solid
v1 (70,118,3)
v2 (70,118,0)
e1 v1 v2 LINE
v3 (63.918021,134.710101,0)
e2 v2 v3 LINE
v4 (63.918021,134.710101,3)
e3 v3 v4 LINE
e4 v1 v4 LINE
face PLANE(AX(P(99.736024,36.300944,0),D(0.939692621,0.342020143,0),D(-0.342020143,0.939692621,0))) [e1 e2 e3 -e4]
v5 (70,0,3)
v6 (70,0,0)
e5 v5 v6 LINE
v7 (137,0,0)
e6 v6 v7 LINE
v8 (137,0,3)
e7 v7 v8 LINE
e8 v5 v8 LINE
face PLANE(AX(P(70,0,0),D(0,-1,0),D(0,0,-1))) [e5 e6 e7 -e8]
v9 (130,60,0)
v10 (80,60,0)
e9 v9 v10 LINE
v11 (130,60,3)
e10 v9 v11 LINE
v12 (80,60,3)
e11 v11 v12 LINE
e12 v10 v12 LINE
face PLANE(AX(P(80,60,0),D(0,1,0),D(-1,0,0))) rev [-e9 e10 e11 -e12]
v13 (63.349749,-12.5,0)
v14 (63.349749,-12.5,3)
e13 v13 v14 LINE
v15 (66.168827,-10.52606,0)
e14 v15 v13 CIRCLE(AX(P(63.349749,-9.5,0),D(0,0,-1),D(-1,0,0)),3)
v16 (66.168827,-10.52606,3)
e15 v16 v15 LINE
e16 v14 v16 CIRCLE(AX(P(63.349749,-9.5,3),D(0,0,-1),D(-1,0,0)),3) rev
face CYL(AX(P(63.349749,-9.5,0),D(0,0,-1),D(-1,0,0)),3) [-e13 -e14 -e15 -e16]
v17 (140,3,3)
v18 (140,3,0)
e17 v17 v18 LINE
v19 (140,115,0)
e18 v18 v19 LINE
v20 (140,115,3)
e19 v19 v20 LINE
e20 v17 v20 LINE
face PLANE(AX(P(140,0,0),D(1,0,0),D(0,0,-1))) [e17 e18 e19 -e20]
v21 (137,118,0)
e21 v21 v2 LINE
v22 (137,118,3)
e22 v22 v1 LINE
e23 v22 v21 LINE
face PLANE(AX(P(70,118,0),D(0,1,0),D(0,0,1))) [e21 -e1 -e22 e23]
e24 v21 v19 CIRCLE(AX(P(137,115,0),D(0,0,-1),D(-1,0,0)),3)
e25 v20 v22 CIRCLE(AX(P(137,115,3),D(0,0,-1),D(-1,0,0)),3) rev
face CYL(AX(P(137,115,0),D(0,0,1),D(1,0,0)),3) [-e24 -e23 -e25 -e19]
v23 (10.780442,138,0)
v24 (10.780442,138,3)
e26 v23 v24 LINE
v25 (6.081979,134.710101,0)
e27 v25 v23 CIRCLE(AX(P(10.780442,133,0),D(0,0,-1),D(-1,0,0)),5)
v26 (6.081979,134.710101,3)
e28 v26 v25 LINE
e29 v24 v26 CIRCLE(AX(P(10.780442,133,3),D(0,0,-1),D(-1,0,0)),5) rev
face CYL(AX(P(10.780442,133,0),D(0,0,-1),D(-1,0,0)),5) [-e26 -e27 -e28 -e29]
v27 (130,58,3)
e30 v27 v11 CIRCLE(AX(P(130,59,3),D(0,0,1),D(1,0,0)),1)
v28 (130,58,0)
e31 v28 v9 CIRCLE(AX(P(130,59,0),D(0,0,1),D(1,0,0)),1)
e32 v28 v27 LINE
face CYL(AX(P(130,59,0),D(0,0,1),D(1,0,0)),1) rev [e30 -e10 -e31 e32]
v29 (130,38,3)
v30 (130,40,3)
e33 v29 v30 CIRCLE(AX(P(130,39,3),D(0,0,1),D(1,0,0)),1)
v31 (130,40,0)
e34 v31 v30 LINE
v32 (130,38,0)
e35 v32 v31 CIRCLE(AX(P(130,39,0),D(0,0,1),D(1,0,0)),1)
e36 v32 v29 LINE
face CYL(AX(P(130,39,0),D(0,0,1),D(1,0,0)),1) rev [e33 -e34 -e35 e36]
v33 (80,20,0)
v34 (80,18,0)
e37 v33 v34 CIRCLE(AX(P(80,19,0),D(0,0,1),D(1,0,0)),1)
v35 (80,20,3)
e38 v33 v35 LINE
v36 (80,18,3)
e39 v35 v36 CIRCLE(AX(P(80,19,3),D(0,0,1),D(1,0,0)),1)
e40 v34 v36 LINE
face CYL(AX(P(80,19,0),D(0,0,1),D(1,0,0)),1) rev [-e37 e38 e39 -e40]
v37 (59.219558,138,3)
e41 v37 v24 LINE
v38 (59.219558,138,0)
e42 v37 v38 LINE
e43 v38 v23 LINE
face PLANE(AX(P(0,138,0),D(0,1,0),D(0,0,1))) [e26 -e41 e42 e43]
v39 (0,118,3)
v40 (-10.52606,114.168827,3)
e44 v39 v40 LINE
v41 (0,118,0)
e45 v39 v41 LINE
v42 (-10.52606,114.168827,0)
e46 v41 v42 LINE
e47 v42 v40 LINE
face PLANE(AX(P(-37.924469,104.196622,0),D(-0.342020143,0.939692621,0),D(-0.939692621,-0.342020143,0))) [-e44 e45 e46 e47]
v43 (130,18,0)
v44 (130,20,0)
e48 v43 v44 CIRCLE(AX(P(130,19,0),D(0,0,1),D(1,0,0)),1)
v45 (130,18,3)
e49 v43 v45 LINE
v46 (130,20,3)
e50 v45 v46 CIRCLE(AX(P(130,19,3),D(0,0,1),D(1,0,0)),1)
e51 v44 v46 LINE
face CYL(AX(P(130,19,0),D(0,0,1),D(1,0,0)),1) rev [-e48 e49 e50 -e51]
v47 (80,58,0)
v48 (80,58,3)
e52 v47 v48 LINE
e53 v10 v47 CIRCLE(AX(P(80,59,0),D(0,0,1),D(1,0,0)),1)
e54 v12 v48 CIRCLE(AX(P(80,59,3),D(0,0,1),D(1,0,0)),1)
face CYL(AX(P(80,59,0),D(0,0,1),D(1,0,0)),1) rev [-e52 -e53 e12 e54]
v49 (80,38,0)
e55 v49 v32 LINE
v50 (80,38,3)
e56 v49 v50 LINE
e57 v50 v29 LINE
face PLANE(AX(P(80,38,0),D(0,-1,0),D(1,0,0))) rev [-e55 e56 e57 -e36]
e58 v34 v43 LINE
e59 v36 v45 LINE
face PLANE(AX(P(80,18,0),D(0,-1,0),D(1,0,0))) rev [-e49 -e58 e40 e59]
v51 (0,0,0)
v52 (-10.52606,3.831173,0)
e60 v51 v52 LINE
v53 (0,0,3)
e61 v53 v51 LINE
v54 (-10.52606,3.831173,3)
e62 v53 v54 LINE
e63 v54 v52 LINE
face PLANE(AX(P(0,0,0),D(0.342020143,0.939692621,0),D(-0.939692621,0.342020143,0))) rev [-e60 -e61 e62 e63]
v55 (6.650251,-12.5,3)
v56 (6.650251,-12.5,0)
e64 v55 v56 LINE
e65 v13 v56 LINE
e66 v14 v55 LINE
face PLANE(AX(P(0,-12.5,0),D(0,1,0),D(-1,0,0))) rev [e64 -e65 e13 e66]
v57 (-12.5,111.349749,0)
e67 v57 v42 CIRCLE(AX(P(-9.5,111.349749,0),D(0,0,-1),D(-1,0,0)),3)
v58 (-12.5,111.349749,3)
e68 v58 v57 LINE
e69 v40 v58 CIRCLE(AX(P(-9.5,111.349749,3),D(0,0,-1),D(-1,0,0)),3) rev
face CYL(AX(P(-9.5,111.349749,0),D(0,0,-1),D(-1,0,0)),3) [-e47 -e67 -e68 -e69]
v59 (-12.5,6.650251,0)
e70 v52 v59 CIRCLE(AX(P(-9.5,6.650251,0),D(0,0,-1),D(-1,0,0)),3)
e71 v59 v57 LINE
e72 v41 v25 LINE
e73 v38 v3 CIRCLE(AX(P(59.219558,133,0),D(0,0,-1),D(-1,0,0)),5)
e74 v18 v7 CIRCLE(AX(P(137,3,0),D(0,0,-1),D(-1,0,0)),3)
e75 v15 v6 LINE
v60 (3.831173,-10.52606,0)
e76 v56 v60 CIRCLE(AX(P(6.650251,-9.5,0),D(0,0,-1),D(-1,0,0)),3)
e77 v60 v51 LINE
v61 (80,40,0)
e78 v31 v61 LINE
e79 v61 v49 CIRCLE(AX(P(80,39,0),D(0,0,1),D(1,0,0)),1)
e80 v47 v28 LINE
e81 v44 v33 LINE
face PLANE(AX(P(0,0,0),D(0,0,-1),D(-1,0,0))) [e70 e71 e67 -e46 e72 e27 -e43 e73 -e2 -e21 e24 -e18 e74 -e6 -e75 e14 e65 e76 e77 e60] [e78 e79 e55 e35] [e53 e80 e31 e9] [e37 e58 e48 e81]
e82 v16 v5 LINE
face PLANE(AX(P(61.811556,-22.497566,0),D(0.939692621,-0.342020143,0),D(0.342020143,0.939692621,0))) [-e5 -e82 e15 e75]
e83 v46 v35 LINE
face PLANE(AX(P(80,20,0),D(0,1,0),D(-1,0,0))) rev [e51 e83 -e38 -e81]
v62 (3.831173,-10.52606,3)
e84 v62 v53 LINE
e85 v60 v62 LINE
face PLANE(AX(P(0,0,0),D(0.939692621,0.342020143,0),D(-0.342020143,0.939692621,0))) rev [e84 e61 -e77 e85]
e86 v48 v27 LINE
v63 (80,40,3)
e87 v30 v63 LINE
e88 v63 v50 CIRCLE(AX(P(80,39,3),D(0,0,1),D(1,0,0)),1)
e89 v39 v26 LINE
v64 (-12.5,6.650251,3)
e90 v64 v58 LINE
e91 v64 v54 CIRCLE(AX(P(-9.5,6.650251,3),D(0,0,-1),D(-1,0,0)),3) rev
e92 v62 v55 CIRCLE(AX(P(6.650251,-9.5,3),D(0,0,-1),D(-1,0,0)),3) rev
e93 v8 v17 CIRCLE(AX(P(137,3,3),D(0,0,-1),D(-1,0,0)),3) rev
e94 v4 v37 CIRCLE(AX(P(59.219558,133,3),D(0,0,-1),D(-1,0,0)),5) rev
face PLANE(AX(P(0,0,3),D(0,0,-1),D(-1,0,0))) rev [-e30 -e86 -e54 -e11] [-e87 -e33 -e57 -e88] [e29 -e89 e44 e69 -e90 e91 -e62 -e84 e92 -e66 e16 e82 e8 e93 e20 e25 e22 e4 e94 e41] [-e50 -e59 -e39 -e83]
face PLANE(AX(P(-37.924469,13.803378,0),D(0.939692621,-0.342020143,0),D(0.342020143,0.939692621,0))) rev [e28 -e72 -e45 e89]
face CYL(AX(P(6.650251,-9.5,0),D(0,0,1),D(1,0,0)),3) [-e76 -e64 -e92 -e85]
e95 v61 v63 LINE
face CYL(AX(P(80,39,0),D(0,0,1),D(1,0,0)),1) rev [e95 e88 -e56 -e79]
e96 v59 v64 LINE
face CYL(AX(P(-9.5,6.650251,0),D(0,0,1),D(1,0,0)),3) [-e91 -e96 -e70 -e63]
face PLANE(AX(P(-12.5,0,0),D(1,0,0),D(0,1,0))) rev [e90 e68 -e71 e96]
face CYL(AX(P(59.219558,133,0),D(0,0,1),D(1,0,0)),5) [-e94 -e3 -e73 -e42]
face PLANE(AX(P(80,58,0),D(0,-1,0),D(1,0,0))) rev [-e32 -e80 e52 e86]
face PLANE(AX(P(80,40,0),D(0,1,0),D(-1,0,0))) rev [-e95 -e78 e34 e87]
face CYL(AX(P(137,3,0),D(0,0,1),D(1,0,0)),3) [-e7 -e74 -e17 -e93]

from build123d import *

# Parameters (mm, degrees)
ESQUISSE1_W                  = 70
ESQUISSE1_H                  = 118
BOSS_EXTRU_1_DEPTH           = 3
BOSS_EXTRU_2_DEPTH           = 3
CONG_1_R                     = 3
CONG_2_R                     = 3
CONG_3_R                     = 5
ESQUISSE3_W                  = 70
ESQUISSE3_H                  = 118
BOSS_EXTRU_3_DEPTH           = 3
CONG_4_R                     = 3
ENL_V_MAT_EXTRU_1_DEPTH      = 197.603662224
ENL_V_MAT_EXTRU_1_DEPTH_BACK = 197.603662224


with BuildPart() as part:
    # Esquisse1 → Boss.-Extru.1 (new body)
    with BuildSketch(Plane.XY):
        with Locations((35, 59)):
            Rectangle(ESQUISSE1_W, ESQUISSE1_H)
    extrude(amount=BOSS_EXTRU_1_DEPTH)

    # Esquisse2 → Boss.-Extru.2 (add)
    with BuildSketch(Plane.XY.offset(3)):
        Polygon((0, 118), (7.279404685, 138), (62.720595315, 138), (70, 118), align=None)
        Polygon((0, 118), (-12.5, 113.450372072), (-12.5, 4.549627928), (0, 0), align=None)
        Polygon((65.450372072, -12.5), (4.549627928, -12.5), (0, 0), (70, 0), align=None)
    extrude(amount=-BOSS_EXTRU_2_DEPTH)

    # Congé1
    cong_1_edges = [part.edges().sort_by_distance(p)[0] for p in [
        (-12.5, 4.549627928, 1.5),
        (-12.5, 113.450372072, 1.5),
    ]]
    fillet(cong_1_edges, radius=CONG_1_R)

    # Congé2
    cong_2_edges = [part.edges().sort_by_distance(p)[0] for p in [
        (65.450372072, -12.5, 1.5),
        (4.549627928, -12.5, 1.5),
    ]]
    fillet(cong_2_edges, radius=CONG_2_R)

    # Congé3
    cong_3_edges = [part.edges().sort_by_distance(p)[0] for p in [
        (7.279404685, 138, 1.5),
        (62.720595315, 138, 1.5),
    ]]
    fillet(cong_3_edges, radius=CONG_3_R)

    # Esquisse3 → Boss.-Extru.3 (add)
    with BuildSketch(Plane.XY.offset(3)):
        with Locations((105, 59)):
            Rectangle(ESQUISSE3_W, ESQUISSE3_H)
    extrude(amount=-BOSS_EXTRU_3_DEPTH)

    # Congé4
    cong_4_edges = [part.edges().sort_by_distance(p)[0] for p in [
        (140, 118, 1.5),
        (140, 0, 1.5),
    ]]
    fillet(cong_4_edges, radius=CONG_4_R)

    # Esquisse4 → Enlèv. mat.-Extru.1 (cut, two sides: drawn at the far end of the back side and taken through both)
    with BuildSketch(Plane.XY.offset(3).offset(-ENL_V_MAT_EXTRU_1_DEPTH_BACK)):
        with BuildLine():
            Line((80, 60), (130, 60))
            ThreePointArc((130, 60), (131, 59), (130, 58))
            Line((130, 58), (80, 58))
            ThreePointArc((80, 58), (79, 59), (80, 60))
        make_face()
        with BuildLine():
            Line((80, 40), (130, 40))
            ThreePointArc((130, 40), (131, 39), (130, 38))
            Line((130, 38), (80, 38))
            ThreePointArc((80, 38), (79, 39), (80, 40))
        make_face()
        with BuildLine():
            Line((80, 20), (130, 20))
            ThreePointArc((130, 20), (131, 19), (130, 18))
            Line((130, 18), (80, 18))
            ThreePointArc((80, 18), (79, 19), (80, 20))
        make_face()
    extrude(amount=ENL_V_MAT_EXTRU_1_DEPTH + ENL_V_MAT_EXTRU_1_DEPTH_BACK, mode=Mode.SUBTRACT)


solid = part.part
